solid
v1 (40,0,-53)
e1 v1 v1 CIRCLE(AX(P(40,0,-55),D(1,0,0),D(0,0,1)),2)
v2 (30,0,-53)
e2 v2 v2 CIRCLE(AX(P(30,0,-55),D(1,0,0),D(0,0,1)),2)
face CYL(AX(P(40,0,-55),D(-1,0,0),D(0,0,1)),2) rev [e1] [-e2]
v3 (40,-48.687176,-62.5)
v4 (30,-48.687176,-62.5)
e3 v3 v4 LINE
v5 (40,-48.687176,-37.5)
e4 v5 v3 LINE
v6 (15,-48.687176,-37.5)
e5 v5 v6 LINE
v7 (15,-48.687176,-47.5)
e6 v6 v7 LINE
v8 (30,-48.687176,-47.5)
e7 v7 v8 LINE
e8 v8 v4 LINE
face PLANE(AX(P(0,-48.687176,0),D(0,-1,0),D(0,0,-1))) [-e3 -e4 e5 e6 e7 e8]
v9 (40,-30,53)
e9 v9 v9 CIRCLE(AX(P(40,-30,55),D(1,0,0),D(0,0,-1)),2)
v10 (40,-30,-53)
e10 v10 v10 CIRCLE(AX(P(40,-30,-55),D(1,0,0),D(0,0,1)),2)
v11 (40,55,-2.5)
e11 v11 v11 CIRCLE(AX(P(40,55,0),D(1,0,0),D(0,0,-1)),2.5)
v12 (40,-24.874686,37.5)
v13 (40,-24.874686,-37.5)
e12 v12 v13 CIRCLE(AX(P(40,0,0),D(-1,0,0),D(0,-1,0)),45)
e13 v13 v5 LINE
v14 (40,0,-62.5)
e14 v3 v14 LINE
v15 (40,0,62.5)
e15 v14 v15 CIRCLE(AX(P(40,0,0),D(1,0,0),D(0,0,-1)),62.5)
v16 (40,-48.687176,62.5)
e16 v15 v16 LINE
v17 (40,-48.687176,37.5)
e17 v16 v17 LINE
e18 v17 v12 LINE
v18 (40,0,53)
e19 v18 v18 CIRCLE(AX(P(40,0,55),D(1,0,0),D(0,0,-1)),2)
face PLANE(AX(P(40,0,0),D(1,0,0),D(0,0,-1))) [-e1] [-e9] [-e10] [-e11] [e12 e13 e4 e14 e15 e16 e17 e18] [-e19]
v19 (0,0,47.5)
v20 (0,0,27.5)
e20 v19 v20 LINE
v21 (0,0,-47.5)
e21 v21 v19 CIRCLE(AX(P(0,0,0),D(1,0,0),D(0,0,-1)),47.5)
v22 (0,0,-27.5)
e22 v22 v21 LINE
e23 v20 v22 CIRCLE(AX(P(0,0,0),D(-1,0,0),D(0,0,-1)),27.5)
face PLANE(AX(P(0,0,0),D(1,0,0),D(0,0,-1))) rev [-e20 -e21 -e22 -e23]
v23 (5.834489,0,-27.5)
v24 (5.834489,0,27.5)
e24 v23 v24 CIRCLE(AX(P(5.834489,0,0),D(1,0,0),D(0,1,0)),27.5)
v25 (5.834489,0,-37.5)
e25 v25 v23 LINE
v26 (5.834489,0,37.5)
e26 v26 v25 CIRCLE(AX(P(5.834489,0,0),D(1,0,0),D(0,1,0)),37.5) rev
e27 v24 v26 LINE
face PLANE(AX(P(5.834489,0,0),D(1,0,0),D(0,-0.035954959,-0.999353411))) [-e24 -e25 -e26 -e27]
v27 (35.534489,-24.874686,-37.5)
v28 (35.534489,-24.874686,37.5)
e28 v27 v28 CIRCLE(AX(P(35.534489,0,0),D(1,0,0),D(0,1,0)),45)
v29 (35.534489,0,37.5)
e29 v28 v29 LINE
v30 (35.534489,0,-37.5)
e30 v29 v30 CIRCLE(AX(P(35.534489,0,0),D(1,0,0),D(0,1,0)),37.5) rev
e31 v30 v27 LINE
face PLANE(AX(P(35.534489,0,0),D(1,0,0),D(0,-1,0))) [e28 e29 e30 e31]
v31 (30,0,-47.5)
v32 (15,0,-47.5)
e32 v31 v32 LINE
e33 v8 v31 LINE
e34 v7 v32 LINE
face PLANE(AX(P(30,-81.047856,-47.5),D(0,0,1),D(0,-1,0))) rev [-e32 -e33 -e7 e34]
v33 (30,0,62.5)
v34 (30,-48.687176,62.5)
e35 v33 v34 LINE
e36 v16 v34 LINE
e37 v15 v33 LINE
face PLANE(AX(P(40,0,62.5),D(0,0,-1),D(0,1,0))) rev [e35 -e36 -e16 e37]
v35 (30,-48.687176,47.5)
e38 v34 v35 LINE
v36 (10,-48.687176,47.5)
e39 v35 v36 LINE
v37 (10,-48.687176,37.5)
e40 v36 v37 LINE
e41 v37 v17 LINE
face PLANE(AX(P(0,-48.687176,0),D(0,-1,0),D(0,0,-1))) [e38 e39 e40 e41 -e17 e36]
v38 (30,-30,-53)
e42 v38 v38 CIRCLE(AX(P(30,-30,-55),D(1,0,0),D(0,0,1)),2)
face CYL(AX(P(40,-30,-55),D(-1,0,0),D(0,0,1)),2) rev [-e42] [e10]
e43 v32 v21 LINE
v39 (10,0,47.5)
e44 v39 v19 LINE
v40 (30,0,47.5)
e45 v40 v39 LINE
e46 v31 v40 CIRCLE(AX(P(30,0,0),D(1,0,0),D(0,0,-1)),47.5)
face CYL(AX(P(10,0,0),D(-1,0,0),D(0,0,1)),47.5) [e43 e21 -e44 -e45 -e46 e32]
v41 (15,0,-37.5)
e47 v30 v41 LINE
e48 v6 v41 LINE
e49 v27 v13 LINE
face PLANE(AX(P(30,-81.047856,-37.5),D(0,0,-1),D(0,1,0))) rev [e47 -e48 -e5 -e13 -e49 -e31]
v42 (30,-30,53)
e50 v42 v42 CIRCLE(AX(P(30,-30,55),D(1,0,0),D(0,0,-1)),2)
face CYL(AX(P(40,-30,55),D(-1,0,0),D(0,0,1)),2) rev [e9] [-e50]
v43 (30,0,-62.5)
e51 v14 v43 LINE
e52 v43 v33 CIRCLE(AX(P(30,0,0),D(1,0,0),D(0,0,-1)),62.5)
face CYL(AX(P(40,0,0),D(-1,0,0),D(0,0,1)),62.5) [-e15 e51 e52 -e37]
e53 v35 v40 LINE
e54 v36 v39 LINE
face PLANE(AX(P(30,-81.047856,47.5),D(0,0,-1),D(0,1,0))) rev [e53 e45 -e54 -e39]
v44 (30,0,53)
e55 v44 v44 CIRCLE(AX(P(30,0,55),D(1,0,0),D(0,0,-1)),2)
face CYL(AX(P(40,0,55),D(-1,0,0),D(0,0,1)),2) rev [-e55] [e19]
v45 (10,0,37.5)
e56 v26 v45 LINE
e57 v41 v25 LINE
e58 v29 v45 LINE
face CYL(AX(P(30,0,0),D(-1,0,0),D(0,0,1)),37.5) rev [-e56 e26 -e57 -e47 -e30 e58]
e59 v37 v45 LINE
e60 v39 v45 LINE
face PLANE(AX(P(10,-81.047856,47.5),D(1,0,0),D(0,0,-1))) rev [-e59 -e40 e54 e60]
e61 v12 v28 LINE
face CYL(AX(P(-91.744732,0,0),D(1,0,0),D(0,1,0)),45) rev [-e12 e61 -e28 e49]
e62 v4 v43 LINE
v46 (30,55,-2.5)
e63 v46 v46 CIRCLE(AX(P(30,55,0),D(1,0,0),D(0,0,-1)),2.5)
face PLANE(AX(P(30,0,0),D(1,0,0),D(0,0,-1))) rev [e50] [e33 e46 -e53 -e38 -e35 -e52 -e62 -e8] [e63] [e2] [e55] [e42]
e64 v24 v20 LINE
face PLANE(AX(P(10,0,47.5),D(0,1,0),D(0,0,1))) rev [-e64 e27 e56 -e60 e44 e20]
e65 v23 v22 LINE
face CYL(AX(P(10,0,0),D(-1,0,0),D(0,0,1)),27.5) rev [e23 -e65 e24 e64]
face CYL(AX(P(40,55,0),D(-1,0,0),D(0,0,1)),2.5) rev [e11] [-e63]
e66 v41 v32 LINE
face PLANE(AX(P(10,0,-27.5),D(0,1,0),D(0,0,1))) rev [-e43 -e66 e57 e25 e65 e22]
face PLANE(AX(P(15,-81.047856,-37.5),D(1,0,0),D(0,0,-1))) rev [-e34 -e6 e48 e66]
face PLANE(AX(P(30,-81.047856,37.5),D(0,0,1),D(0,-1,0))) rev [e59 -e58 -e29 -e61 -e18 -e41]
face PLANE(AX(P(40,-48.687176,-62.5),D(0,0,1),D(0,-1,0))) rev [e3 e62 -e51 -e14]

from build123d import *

# Parameters (mm, degrees)
BOSS_EXTRUDE1_DEPTH = 10
BOSS_EXTRUDE2_DEPTH = 20
SKETCH3_W           = 20
SKETCH3_H           = 10
SKETCH3_W_2         = 15
BOSS_EXTRUDE3_DEPTH = 48.687175822
SKETCH4_R           = 2
SKETCH4_R_2         = 2.5
BOSS_EXTRUDE4_DEPTH = 10
CUT_EXTRUDE1_START  = -4.165511
CUT_EXTRUDE1_DEPTH  = 4.165511
SKETCH8_R           = 45
SKETCH8_R_2         = 36
CUT_EXTRUDE2_DEPTH  = 4.465511


with BuildPart() as part:
    # Sketch1 → Boss-Extrude1 (new body)
    with BuildSketch(Plane(origin=(0, 0, 0), x_dir=(0, 0, -1), z_dir=(1, 0, 0))):
        with BuildLine():
            Line((-47.5, 0), (-27.5, 0))
            ThreePointArc((-27.5, 0), (0, 27.5), (27.5, 0))
            Line((27.5, 0), (47.5, 0))
            ThreePointArc((47.5, 0), (0, 47.5), (-47.5, 0))
        make_face()
    extrude(amount=BOSS_EXTRUDE1_DEPTH)

    # Sketch2 → Boss-Extrude2 (add)
    with BuildSketch(Plane(origin=(10, 0, 0), x_dir=(0, 0, -1), z_dir=(1, 0, 0))):
        with BuildLine():
            Line((-47.5, 0), (-37.5, 0))
            ThreePointArc((-37.5, 0), (0, 37.5), (37.5, 0))
            Line((37.5, 0), (47.5, 0))
            ThreePointArc((47.5, 0), (0, 47.5), (-47.5, 0))
        make_face()
    extrude(amount=BOSS_EXTRUDE2_DEPTH)

    # Sketch3 → Boss-Extrude3 (add)
    with BuildSketch(Plane.XZ):
        with Locations((20, 42.5)):
            Rectangle(SKETCH3_W, SKETCH3_H)
        with Locations((22.5, -42.5)):
            Rectangle(SKETCH3_W_2, SKETCH3_H)
    extrude(amount=BOSS_EXTRUDE3_DEPTH)

    # Sketch4 → Boss-Extrude4 (add)
    with BuildSketch(Plane(origin=(30, 0, 0), x_dir=(0, 0, -1), z_dir=(1, 0, 0))):
        with BuildLine():
            Line((62.5, -48.687175822), (37.5, -48.687175822))
            Line((37.5, -48.687175822), (37.5, 0))
            ThreePointArc((37.5, 0), (0, 37.5), (-37.5, 0))
            Line((-37.5, 0), (-37.5, -48.687175822))
            Line((-37.5, -48.687175822), (-62.5, -48.687175822))
            Line((-62.5, -48.687175822), (-62.5, 0))
            ThreePointArc((-62.5, 0), (0, 62.5), (62.5, 0))
            Line((62.5, 0), (62.5, -48.687175822))
        make_face()
        with Locations((-55, 0)):
            Circle(SKETCH4_R, mode=Mode.SUBTRACT)
        with Locations((0, 55)):
            Circle(SKETCH4_R_2, mode=Mode.SUBTRACT)
        with Locations((-55, -30)):
            Circle(SKETCH4_R, mode=Mode.SUBTRACT)
        with Locations(Location((55, -30, 0), (0, 0, 180))):
            Circle(SKETCH4_R, mode=Mode.SUBTRACT)
        with Locations(Location((55, 0, 0), (0, 0, 180))):
            Circle(SKETCH4_R, mode=Mode.SUBTRACT)
    extrude(amount=BOSS_EXTRUDE4_DEPTH)

    # Sketch7 → Cut-Extrude1 (cut)
    with BuildSketch(Plane(origin=(10, 0, 0), x_dir=(0, 0, -1), z_dir=(1, 0, 0)).offset(CUT_EXTRUDE1_START)):
        with BuildLine():
            Line((27.5, 0), (37.5, 0))
            ThreePointArc((37.5, 0), (0, 37.5), (-37.5, 0))
            Line((-37.5, 0), (-27.5, 0))
            ThreePointArc((-27.5, 0), (0, 27.5), (27.5, 0))
        make_face()
    extrude(amount=CUT_EXTRUDE1_DEPTH, mode=Mode.SUBTRACT)

    # Sketch8 → Cut-Extrude2 (cut)
    with BuildSketch(Plane.ZY.offset(-40)):
        Circle(SKETCH8_R)
        Circle(SKETCH8_R_2, mode=Mode.SUBTRACT)
    extrude(amount=CUT_EXTRUDE2_DEPTH, mode=Mode.SUBTRACT)


solid = part.part
